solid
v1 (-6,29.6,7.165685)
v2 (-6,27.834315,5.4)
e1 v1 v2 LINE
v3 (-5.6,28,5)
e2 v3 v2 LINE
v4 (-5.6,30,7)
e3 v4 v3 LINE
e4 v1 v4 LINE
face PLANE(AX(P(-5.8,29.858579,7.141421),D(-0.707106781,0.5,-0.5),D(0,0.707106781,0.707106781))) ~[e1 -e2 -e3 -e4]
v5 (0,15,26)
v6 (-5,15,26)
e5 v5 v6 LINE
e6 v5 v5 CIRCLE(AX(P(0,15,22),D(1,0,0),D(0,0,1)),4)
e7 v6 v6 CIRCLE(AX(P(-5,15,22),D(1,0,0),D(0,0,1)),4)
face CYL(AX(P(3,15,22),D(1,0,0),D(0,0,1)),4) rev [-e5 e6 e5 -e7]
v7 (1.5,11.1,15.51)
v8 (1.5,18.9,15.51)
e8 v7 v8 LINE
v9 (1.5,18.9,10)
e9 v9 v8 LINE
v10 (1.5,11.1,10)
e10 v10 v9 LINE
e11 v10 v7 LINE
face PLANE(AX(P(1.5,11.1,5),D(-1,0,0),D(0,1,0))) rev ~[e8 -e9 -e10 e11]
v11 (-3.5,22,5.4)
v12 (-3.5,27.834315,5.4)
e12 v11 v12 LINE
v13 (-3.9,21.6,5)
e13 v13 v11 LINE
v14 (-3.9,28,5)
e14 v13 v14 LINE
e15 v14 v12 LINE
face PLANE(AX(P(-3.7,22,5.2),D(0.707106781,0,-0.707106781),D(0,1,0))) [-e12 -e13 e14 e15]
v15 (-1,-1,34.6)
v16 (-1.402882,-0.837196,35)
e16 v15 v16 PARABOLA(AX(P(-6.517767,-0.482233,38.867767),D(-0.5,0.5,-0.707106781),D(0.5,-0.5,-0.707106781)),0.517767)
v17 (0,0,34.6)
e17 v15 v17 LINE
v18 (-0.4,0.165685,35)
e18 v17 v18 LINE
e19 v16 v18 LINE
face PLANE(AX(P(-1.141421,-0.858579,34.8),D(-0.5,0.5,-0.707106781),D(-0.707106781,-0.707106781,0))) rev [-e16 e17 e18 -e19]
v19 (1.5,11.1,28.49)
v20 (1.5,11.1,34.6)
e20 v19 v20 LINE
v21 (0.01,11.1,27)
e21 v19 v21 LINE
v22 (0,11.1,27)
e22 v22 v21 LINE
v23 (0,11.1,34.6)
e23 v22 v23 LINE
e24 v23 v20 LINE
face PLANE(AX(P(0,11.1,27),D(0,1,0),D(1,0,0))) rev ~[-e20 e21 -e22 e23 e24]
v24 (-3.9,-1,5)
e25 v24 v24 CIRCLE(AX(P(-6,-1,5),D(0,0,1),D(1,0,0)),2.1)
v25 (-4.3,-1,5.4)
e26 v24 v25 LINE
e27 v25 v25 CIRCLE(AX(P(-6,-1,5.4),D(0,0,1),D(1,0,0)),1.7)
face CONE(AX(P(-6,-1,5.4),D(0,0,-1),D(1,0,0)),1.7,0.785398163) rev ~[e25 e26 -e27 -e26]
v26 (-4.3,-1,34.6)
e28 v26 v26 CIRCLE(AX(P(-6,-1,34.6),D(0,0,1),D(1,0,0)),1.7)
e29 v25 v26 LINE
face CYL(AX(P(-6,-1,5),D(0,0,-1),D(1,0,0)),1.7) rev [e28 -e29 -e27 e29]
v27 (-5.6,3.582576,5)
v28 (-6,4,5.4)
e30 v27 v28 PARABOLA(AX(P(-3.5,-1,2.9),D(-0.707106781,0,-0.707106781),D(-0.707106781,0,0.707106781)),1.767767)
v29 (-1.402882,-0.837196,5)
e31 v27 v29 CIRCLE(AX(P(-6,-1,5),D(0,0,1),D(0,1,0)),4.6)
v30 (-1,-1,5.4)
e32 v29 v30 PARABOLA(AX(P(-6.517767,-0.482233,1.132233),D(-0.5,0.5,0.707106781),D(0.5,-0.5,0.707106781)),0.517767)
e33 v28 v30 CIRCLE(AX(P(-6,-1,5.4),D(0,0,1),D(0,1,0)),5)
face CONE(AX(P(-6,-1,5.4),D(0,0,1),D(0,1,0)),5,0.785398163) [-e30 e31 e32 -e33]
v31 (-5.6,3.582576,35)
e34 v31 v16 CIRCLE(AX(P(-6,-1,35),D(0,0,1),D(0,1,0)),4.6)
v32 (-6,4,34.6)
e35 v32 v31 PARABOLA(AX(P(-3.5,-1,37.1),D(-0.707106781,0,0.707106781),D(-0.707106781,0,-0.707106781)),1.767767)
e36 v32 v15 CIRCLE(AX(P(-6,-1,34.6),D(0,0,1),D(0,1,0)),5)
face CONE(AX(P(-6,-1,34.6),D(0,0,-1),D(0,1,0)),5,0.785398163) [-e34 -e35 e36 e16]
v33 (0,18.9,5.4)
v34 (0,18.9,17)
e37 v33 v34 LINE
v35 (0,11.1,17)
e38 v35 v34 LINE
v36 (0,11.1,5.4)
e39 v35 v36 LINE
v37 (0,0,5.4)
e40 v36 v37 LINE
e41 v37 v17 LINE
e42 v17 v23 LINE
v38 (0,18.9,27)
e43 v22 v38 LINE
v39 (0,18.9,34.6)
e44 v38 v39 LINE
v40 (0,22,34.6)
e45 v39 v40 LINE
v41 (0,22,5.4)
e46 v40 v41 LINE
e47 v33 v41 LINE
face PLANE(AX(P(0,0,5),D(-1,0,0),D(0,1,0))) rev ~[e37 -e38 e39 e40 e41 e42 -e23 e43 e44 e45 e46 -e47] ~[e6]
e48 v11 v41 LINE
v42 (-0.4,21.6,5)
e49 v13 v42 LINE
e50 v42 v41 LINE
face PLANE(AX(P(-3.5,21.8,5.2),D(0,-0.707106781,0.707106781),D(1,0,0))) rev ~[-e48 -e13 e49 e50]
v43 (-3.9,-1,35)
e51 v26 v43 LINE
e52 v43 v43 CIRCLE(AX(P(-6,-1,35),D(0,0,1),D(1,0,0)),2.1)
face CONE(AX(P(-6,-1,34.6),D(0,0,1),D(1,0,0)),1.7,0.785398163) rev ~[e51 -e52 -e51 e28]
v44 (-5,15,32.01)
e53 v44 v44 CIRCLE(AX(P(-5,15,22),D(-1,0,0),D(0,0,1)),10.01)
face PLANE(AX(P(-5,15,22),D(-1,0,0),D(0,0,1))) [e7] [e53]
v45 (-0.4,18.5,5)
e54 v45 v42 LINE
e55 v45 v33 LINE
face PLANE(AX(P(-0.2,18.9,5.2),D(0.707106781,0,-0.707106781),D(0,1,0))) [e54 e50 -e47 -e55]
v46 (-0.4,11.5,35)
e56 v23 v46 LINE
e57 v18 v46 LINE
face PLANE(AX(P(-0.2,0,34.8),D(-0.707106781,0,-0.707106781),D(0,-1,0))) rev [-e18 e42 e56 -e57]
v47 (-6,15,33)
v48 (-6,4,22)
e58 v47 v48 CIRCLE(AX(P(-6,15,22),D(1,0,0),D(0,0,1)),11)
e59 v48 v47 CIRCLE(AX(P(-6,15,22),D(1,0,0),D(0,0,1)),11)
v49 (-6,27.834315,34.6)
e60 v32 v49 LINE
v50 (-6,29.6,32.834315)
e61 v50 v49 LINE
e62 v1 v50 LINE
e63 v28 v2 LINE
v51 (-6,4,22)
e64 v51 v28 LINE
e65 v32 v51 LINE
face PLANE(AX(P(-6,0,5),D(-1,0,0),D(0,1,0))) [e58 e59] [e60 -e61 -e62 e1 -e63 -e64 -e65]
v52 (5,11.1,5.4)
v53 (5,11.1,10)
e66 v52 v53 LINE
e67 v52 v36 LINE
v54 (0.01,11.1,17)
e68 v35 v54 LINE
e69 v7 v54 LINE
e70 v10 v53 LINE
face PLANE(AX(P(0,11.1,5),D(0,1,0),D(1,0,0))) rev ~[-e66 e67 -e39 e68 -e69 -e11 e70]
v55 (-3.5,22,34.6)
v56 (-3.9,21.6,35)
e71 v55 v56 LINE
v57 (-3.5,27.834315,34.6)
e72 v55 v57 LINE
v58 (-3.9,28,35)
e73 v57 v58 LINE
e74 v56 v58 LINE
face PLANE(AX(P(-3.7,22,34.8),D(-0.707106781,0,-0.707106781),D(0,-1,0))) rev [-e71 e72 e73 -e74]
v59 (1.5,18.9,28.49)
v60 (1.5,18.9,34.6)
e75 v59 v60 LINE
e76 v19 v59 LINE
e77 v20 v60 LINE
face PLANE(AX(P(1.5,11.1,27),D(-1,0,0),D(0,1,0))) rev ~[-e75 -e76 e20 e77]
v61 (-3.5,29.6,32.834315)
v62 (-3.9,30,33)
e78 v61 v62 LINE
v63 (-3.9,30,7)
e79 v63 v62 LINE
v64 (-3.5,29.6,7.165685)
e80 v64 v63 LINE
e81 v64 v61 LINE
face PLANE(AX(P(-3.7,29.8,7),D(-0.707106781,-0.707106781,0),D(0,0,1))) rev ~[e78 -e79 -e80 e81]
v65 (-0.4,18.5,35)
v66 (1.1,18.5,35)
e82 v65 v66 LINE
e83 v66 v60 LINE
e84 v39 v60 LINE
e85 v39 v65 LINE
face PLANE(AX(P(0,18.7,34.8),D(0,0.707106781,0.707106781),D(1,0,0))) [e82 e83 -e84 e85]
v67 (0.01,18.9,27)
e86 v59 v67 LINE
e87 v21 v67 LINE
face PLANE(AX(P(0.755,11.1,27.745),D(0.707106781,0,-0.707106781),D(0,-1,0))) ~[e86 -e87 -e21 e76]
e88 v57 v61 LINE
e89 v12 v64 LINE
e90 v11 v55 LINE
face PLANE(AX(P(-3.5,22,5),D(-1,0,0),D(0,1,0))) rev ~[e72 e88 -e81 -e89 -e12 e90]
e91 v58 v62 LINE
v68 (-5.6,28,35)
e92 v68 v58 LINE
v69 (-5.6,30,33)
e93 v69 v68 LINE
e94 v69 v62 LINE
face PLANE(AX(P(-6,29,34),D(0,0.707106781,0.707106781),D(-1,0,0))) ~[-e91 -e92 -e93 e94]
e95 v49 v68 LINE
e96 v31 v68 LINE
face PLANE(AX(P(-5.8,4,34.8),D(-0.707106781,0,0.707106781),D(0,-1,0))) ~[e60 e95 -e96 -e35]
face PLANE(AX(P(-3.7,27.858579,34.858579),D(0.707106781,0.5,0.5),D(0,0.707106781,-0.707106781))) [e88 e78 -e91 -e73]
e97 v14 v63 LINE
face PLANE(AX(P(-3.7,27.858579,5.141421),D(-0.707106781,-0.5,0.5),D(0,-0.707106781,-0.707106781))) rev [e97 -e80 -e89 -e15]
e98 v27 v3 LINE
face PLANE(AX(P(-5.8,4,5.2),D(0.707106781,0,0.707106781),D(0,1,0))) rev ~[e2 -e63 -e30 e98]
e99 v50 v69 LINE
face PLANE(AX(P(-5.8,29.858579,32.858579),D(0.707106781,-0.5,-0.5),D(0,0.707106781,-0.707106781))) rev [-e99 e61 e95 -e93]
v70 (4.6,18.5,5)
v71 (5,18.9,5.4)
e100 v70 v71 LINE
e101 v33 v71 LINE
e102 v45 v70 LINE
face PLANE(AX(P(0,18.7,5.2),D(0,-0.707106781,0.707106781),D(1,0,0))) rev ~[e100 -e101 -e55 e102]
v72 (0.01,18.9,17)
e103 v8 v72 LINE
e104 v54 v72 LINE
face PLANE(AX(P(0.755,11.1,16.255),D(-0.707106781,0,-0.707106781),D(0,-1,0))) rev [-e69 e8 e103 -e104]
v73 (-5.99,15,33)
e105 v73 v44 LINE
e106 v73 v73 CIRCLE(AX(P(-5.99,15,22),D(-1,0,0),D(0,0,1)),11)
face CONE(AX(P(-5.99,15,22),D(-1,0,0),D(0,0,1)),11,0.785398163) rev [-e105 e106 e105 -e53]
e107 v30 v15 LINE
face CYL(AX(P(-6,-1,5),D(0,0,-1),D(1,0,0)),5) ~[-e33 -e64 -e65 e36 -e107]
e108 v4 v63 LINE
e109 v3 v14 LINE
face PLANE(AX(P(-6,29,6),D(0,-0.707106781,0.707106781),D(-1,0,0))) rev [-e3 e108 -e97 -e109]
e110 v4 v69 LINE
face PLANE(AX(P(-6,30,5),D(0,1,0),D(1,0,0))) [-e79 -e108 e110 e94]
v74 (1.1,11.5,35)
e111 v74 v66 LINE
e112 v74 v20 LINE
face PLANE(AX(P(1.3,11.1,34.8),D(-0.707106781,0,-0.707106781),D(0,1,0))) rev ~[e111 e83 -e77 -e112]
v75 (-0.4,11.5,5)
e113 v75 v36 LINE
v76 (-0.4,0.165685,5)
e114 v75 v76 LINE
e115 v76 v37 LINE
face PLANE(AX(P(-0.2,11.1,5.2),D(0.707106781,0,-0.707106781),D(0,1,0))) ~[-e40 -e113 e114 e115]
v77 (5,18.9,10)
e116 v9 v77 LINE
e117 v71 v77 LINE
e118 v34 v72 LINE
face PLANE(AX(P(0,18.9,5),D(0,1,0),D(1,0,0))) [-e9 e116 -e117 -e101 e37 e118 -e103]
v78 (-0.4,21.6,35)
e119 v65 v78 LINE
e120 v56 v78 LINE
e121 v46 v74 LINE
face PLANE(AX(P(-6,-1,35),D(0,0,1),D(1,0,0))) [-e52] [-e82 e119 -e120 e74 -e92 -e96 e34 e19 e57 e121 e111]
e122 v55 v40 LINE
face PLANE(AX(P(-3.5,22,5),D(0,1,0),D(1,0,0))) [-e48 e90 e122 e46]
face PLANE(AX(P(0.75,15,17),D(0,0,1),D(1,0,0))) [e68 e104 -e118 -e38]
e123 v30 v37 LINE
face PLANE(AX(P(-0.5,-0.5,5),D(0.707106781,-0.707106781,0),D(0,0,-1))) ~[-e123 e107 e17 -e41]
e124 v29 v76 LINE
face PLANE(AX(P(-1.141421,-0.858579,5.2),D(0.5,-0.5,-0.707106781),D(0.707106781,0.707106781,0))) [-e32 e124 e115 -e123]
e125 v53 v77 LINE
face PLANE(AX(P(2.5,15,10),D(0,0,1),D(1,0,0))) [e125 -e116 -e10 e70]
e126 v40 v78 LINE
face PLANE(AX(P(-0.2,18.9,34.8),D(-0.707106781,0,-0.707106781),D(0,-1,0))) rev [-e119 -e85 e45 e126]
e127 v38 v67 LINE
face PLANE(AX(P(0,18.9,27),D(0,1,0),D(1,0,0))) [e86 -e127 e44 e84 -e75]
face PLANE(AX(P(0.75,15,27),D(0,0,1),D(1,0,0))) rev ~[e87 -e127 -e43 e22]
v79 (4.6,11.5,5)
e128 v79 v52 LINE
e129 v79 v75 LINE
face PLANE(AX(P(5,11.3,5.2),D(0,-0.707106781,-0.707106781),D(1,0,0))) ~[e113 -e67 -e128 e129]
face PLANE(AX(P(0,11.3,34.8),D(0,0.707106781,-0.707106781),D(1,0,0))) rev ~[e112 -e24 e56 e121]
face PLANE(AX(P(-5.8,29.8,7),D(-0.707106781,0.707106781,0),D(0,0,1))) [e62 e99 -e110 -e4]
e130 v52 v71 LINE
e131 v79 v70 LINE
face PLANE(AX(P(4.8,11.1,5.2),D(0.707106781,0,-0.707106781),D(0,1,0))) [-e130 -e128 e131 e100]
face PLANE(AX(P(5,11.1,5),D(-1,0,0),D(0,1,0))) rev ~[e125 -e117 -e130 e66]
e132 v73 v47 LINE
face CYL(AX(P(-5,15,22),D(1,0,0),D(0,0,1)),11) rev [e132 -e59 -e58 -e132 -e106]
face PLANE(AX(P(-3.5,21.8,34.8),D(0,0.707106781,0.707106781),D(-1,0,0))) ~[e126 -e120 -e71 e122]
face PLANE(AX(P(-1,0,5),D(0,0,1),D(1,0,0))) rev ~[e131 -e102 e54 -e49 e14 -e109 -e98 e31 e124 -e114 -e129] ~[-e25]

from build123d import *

# Parameters (mm, degrees)
BOX032_W              = 10
BOX032_H              = 10
BOX032_DEPTH          = 30
CYLINDER003_R         = 1.7
CYLINDER003_DEPTH     = 30
BOX022_W              = 1.5
BOX022_H              = 7.8
BOX022_DEPTH          = 8
CHAMFER006006003_SIZE = 1.49
BOX020_W              = 1.5
BOX020_H              = 7.8
BOX020_DEPTH          = 12
CHAMFER_SIZE          = 1.49
BOX021_W              = 5
BOX021_H              = 7.8
BOX021_DEPTH          = 5
BOX_W                 = 2
BOX_H                 = 2
BOX_DEPTH             = 30
CHAMFER006006002_SIZE = 1
CYLINDER002_R         = 5
CYLINDER002_DEPTH     = 30
CYLINDER001_R         = 11
CYLINDER001_DEPTH     = 10
CYLINDER_R            = 4
CYLINDER_DEPTH        = 10
BOX019_W              = 6
BOX019_H              = 30
BOX019_DEPTH          = 30
CHAMFER006006004_SIZE = 2
CHAMFER006006005_SIZE = 0.99
CHAMFER006006019_SIZE = 0.4


with BuildPart() as cube031:
    # Box032 → Box032 (new body)
    with BuildSketch(Plane(origin=(-3.5, 22, 0), x_dir=(1, 0, 0), z_dir=(0, 0, 1))):
        with Locations((5, 5)):
            Rectangle(BOX032_W, BOX032_H)
    extrude(amount=BOX032_DEPTH)


with BuildPart() as cylinder003:
    # Cylinder003 → Cylinder003 (new body)
    with BuildSketch(Plane(origin=(-6, -1, 0), x_dir=(1, 0, 0), z_dir=(0, 0, 1))):
        Circle(CYLINDER003_R)
    extrude(amount=CYLINDER003_DEPTH)


with BuildPart() as chamfer006006003:
    # Box022 → Box022 (new body)
    with BuildSketch(Plane(origin=(0, 11.1, 22), x_dir=(1, 0, 0), z_dir=(0, 0, 1))):
        with Locations((0.75, 3.9)):
            Rectangle(BOX022_W, BOX022_H)
    extrude(amount=BOX022_DEPTH)

    # Chamfer006006003
    chamfer006006003_edges = [chamfer006006003.edges().sort_by_distance(p)[0] for p in [
        (1.5, 15, 22),
    ]]
    chamfer(chamfer006006003_edges, length=CHAMFER006006003_SIZE)


with BuildPart() as chamfer_body:
    # Box020 → Box020 (new body)
    with BuildSketch(Plane(origin=(0, 11.1, 0), x_dir=(1, 0, 0), z_dir=(0, 0, 1))):
        with Locations((0.75, 3.9)):
            Rectangle(BOX020_W, BOX020_H)
    extrude(amount=BOX020_DEPTH)

    # Chamfer
    chamfer_edges = [chamfer_body.edges().sort_by_distance(p)[0] for p in [
        (1.5, 15, 12),
    ]]
    chamfer(chamfer_edges, length=CHAMFER_SIZE)


with BuildPart() as cube020:
    # Box021 → Box021 (new body)
    with BuildSketch(Plane(origin=(0, 11.1, 0), x_dir=(1, 0, 0), z_dir=(0, 0, 1))):
        with Locations((2.5, 3.9)):
            Rectangle(BOX021_W, BOX021_H)
    extrude(amount=BOX021_DEPTH)


with BuildPart() as chamfer006006002:
    # Box → Box (new body)
    with BuildSketch(Plane(origin=(-2, -1, 0), x_dir=(1, 0, 0), z_dir=(0, 0, 1))):
        with Locations((1, 1)):
            Rectangle(BOX_W, BOX_H)
    extrude(amount=BOX_DEPTH)

    # Chamfer006006002
    chamfer006006002_edges = [chamfer006006002.edges().sort_by_distance(p)[0] for p in [
        (0, -1, 15),
    ]]
    chamfer(chamfer006006002_edges, length=CHAMFER006006002_SIZE)


with BuildPart() as cylinder002:
    # Cylinder002 → Cylinder002 (new body)
    with BuildSketch(Plane(origin=(-6, -1, 0), x_dir=(1, 0, 0), z_dir=(0, 0, 1))):
        Circle(CYLINDER002_R)
    extrude(amount=CYLINDER002_DEPTH)


with BuildPart() as cylinder001:
    # Cylinder001 → Cylinder001 (new body)
    with BuildSketch(Plane(origin=(-5, 15, 17), x_dir=(0, 0, 1), z_dir=(-1, 0, 0))):
        Circle(CYLINDER001_R)
    extrude(amount=CYLINDER001_DEPTH)


with BuildPart() as cylinder:
    # Cylinder → Cylinder (new body)
    with BuildSketch(Plane(origin=(3, 15, 17), x_dir=(0, 0, 1), z_dir=(-1, 0, 0))):
        Circle(CYLINDER_R)
    extrude(amount=CYLINDER_DEPTH)


with BuildPart() as chamfer006006019:
    # Box019 → Box019 (new body)
    with BuildSketch(Plane(origin=(-6, 0, 0), x_dir=(1, 0, 0), z_dir=(0, 0, 1))):
        with Locations((3, 15)):
            Rectangle(BOX019_W, BOX019_H)
    extrude(amount=BOX019_DEPTH)

    # Chamfer006006004
    chamfer006006004_edges = [chamfer006006019.edges().sort_by_distance(p)[0] for p in [
        (-3, 30, 0),
        (-3, 30, 30),
    ]]
    chamfer(chamfer006006004_edges, length=CHAMFER006006004_SIZE)

    # Cut: cut Cylinder
    add(cylinder.part, mode=Mode.SUBTRACT)

    # Cut001: cut Cylinder001
    add(cylinder001.part, mode=Mode.SUBTRACT)

    # Chamfer006006005
    chamfer006006005_edges = [chamfer006006019.edges().sort_by_distance(p)[0] for p in [
        (-5, 15, 6),
    ]]
    chamfer(chamfer006006005_edges, length=CHAMFER006006005_SIZE)

    # Fusion: union Chamfer006006003, Chamfer body, Cube020, Chamfer006006002, Cylinder002
    add(chamfer006006003.part)
    add(chamfer_body.part)
    add(cube020.part)
    add(chamfer006006002.part)
    add(cylinder002.part)

    # Cut002: cut Cylinder003
    add(cylinder003.part, mode=Mode.SUBTRACT)

    # Cut002004005003: cut Cube031
    add(cube031.part, mode=Mode.SUBTRACT)

    # Chamfer006006019
    chamfer006006019_edges = [chamfer006006019.edges().sort_by_distance(p)[0] for p in [
        (-0.5, -0.5, 0),
        (-0.5, -0.5, 30),
        (0, 20.45, 0),
        (-1.75, 22, 0),
        (-3.5, 25, 0),
        (-6, 16, 0),
        (-9.535534, -4.535534, 0),
        (0, 5.55, 0),
        (2.5, 11.1, 0),
        (5, 15, 0),
        (2.5, 18.9, 0),
        (-7.202082, -2.202082, 0),
        (-5.228638, 0.514926, 0),
        (-4.38335, -0.474221, 0),
        (0, 5.55, 30),
        (0, 20.45, 30),
        (-6, 16, 30),
        (-3.5, 25, 30),
        (-1.75, 22, 30),
        (0.75, 18.9, 30),
        (1.5, 15, 30),
        (0.75, 11.1, 30),
        (-9.535534, -4.535534, 30),
        (-7.202082, -2.202082, 30),
        (-5.228638, 0.514926, 30),
        (-4.38335, -0.474221, 30),
        (-3.5, 29, 29),
        (-3.5, 30, 15),
        (-3.5, 29, 1),
        (-6, 29, 1),
        (-6, 29, 29),
        (-6, 30, 15),
    ]]
    chamfer(chamfer006006019_edges, length=CHAMFER006006019_SIZE)


with BuildPart() as chamfer006006019_1:
    # Chamfer006006019 placement: moved
    add(chamfer006006019.part.moved(Location((0, 0, 5))))


solid = chamfer006006019_1.part
